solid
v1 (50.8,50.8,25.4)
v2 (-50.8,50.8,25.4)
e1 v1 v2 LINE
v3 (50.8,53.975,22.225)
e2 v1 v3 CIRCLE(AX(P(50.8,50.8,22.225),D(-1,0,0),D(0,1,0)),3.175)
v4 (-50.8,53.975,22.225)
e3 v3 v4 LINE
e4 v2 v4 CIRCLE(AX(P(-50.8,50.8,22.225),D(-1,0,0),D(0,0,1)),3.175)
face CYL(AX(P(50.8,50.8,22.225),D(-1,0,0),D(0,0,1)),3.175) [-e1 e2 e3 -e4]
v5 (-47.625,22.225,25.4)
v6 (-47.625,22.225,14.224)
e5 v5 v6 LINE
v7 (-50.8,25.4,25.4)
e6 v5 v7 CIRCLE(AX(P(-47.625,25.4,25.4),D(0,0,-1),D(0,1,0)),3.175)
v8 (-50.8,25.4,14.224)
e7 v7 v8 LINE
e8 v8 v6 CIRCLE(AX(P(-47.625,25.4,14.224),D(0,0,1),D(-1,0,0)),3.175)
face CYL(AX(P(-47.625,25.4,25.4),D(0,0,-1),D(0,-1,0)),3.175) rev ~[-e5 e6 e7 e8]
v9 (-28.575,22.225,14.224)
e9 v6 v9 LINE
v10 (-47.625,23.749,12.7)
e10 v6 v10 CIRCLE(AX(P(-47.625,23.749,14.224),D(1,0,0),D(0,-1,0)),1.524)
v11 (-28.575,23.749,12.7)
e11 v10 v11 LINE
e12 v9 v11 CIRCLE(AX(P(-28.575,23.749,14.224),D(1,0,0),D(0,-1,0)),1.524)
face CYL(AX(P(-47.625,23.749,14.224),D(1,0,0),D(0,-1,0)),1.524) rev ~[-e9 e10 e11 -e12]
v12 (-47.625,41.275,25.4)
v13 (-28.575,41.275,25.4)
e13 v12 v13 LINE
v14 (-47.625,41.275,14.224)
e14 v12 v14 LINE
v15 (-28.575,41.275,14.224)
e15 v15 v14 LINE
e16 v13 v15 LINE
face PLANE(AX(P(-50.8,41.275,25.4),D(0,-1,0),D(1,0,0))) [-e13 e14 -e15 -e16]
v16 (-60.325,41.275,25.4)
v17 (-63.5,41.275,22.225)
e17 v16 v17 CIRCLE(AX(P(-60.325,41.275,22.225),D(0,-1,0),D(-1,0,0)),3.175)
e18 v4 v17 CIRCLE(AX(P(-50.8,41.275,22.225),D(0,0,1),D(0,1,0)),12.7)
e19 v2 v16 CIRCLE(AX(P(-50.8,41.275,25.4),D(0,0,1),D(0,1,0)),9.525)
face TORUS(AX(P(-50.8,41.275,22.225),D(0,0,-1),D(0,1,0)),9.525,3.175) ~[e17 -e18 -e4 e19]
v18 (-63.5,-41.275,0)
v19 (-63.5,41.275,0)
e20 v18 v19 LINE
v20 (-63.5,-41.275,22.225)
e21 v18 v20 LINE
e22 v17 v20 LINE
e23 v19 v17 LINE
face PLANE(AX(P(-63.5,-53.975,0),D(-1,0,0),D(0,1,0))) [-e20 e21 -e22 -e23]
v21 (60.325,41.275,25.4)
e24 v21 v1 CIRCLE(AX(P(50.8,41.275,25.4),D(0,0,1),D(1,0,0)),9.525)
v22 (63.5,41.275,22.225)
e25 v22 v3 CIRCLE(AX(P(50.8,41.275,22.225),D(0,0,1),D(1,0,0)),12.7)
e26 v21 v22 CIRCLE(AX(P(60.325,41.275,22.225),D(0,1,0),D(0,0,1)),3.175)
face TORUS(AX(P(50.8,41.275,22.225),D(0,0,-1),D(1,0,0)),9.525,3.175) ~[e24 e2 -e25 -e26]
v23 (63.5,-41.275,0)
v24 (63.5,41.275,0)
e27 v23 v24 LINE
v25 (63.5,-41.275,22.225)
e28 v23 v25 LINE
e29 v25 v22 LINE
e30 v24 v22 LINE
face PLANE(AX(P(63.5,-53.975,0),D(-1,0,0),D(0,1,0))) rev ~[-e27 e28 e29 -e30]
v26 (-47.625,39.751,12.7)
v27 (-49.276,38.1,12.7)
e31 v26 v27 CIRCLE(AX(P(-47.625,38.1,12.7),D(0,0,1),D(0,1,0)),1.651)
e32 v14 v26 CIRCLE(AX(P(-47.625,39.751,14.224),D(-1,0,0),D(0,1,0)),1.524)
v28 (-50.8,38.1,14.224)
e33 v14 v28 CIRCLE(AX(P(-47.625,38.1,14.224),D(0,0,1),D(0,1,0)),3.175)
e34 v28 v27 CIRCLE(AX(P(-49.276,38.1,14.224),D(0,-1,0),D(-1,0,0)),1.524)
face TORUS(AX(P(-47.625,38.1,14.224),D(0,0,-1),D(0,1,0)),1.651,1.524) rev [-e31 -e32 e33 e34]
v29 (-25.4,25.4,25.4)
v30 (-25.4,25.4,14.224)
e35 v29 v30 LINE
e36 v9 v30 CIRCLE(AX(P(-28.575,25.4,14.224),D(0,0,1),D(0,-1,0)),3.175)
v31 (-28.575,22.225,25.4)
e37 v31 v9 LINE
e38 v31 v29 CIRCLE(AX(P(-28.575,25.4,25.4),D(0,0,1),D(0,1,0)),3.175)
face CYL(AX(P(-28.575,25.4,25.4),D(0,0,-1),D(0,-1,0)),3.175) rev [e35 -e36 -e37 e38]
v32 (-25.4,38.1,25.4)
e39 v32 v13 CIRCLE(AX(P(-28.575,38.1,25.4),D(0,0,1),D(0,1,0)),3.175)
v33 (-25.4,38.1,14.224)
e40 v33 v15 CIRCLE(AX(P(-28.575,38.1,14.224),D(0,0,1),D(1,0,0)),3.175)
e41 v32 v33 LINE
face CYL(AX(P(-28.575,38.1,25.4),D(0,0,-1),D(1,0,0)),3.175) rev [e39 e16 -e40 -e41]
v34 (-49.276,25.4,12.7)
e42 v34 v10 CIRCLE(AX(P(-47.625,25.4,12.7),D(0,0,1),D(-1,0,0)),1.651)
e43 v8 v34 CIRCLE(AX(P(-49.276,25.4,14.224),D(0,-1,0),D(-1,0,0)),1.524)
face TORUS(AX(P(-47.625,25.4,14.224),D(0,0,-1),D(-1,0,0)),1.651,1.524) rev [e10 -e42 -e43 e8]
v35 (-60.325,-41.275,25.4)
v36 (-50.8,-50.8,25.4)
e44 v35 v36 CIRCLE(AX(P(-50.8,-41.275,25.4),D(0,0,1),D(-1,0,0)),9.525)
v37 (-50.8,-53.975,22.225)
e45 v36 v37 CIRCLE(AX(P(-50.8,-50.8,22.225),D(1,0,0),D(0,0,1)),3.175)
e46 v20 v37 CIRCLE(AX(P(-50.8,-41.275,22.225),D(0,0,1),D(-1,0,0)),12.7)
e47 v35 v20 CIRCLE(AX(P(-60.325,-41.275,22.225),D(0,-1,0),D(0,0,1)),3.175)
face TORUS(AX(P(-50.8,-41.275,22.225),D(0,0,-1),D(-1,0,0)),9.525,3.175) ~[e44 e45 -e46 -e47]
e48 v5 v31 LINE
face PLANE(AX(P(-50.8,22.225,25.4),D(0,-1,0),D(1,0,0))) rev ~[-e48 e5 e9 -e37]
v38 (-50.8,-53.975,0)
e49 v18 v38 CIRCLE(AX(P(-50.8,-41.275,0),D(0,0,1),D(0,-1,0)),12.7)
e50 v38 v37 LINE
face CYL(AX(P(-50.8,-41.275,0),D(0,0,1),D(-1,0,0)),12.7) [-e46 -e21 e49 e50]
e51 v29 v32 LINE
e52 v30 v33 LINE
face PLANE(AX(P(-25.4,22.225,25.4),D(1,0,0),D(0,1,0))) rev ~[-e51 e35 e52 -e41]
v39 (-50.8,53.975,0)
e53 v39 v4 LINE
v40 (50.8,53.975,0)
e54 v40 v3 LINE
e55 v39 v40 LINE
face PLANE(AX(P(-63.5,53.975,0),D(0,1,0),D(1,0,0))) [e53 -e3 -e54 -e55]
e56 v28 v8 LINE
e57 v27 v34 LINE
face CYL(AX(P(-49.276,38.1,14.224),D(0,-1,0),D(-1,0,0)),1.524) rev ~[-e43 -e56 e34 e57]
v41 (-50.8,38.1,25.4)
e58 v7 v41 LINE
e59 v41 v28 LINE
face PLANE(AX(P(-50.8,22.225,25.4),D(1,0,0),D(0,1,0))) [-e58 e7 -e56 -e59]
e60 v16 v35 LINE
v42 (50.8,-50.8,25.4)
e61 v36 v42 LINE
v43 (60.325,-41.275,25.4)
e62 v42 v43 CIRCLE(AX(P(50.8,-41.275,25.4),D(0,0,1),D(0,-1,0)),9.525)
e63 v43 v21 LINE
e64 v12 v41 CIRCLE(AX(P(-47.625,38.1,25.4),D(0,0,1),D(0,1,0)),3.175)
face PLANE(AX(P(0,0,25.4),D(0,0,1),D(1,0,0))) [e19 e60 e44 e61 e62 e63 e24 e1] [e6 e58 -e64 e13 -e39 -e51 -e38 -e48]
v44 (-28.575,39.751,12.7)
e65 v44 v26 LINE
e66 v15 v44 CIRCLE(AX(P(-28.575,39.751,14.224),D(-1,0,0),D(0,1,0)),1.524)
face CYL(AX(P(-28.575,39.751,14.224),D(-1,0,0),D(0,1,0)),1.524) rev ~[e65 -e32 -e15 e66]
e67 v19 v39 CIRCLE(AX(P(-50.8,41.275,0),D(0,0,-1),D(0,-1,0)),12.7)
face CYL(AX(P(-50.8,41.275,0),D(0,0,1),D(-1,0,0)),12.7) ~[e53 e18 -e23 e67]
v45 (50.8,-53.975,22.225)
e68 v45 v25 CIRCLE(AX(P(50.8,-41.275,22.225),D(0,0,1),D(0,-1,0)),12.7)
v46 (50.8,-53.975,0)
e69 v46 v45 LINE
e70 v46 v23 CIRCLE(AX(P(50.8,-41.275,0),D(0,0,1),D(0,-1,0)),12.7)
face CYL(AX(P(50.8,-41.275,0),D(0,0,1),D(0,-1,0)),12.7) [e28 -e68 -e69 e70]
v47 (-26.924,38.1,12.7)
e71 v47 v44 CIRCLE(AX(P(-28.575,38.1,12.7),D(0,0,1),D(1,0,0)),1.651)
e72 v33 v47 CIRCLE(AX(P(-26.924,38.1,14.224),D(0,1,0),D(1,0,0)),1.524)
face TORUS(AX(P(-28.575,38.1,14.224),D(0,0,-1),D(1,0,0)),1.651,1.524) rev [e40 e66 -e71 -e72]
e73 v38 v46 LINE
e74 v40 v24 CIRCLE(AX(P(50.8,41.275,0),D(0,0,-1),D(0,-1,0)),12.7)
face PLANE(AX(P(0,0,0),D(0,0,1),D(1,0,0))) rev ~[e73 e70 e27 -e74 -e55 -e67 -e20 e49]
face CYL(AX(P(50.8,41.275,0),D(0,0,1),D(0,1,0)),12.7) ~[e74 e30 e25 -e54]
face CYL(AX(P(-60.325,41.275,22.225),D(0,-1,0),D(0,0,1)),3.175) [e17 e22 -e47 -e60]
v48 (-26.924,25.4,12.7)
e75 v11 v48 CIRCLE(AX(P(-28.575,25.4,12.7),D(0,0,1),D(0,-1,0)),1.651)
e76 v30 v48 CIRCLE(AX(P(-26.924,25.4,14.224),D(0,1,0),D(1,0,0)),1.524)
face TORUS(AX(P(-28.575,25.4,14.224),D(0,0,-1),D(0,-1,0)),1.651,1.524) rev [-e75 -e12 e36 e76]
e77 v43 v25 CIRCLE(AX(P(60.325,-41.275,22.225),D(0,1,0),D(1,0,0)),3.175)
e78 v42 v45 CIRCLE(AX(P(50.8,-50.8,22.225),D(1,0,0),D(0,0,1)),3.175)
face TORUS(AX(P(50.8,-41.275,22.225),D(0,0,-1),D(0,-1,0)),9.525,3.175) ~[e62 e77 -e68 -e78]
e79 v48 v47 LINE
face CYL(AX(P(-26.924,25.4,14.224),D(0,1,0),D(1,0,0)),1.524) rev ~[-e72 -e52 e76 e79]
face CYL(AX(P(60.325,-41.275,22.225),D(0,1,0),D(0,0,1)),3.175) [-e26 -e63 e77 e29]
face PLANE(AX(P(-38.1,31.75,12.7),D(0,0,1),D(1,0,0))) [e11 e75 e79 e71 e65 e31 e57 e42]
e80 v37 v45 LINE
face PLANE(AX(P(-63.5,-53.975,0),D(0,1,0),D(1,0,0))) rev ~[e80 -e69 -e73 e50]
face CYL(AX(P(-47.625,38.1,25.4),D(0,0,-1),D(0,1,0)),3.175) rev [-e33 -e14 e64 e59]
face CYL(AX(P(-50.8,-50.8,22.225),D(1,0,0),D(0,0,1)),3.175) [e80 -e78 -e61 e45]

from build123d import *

# Parameters (mm, degrees)
F0_W     = 127
F0_H     = 107.95
F1_DEPTH = 25.4
F2_W     = 25.4
F2_H     = 19.05
F3_DEPTH = 12.7
F4_R     = 3.175
F5_R     = 1.524
F6_R     = 12.7
F7_R     = 3.175


with BuildPart() as f1:
    # F0 (on Top) → F1 (new body)
    with BuildSketch(Plane.XY):
        Rectangle(F0_W, F0_H)
    extrude(amount=F1_DEPTH)

    # F2 (on face) → F3 (cut)
    with BuildSketch(Plane.XY.offset(25.4)):
        with Locations((-38.1, 31.75)):
            Rectangle(F2_W, F2_H)
    extrude(amount=-F3_DEPTH, mode=Mode.SUBTRACT)

    # F4
    f4_edges = [f1.edges().sort_by_distance(p)[0] for p in [
        (-50.8, 41.275, 19.05),
        (-50.8, 22.225, 19.05),
        (-25.4, 22.225, 19.05),
        (-25.4, 41.275, 19.05),
    ]]
    fillet(f4_edges, radius=F4_R)

    # F5
    f5_edges = [f1.edges().sort_by_distance(p)[0] for p in [
        (-38.1, 22.225, 12.7),
    ]]
    fillet(f5_edges, radius=F5_R)

    # F6
    f6_edges = [f1.edges().sort_by_distance(p)[0] for p in [
        (63.5, -53.975, 12.7),
        (63.5, 53.975, 12.7),
        (-63.5, -53.975, 12.7),
        (-63.5, 53.975, 12.7),
    ]]
    fillet(f6_edges, radius=F6_R)

    # F7
    f7_edges = [f1.edges().sort_by_distance(p)[0] for p in [
        (0, -53.975, 25.4),
    ]]
    fillet(f7_edges, radius=F7_R)


solid = f1.part
